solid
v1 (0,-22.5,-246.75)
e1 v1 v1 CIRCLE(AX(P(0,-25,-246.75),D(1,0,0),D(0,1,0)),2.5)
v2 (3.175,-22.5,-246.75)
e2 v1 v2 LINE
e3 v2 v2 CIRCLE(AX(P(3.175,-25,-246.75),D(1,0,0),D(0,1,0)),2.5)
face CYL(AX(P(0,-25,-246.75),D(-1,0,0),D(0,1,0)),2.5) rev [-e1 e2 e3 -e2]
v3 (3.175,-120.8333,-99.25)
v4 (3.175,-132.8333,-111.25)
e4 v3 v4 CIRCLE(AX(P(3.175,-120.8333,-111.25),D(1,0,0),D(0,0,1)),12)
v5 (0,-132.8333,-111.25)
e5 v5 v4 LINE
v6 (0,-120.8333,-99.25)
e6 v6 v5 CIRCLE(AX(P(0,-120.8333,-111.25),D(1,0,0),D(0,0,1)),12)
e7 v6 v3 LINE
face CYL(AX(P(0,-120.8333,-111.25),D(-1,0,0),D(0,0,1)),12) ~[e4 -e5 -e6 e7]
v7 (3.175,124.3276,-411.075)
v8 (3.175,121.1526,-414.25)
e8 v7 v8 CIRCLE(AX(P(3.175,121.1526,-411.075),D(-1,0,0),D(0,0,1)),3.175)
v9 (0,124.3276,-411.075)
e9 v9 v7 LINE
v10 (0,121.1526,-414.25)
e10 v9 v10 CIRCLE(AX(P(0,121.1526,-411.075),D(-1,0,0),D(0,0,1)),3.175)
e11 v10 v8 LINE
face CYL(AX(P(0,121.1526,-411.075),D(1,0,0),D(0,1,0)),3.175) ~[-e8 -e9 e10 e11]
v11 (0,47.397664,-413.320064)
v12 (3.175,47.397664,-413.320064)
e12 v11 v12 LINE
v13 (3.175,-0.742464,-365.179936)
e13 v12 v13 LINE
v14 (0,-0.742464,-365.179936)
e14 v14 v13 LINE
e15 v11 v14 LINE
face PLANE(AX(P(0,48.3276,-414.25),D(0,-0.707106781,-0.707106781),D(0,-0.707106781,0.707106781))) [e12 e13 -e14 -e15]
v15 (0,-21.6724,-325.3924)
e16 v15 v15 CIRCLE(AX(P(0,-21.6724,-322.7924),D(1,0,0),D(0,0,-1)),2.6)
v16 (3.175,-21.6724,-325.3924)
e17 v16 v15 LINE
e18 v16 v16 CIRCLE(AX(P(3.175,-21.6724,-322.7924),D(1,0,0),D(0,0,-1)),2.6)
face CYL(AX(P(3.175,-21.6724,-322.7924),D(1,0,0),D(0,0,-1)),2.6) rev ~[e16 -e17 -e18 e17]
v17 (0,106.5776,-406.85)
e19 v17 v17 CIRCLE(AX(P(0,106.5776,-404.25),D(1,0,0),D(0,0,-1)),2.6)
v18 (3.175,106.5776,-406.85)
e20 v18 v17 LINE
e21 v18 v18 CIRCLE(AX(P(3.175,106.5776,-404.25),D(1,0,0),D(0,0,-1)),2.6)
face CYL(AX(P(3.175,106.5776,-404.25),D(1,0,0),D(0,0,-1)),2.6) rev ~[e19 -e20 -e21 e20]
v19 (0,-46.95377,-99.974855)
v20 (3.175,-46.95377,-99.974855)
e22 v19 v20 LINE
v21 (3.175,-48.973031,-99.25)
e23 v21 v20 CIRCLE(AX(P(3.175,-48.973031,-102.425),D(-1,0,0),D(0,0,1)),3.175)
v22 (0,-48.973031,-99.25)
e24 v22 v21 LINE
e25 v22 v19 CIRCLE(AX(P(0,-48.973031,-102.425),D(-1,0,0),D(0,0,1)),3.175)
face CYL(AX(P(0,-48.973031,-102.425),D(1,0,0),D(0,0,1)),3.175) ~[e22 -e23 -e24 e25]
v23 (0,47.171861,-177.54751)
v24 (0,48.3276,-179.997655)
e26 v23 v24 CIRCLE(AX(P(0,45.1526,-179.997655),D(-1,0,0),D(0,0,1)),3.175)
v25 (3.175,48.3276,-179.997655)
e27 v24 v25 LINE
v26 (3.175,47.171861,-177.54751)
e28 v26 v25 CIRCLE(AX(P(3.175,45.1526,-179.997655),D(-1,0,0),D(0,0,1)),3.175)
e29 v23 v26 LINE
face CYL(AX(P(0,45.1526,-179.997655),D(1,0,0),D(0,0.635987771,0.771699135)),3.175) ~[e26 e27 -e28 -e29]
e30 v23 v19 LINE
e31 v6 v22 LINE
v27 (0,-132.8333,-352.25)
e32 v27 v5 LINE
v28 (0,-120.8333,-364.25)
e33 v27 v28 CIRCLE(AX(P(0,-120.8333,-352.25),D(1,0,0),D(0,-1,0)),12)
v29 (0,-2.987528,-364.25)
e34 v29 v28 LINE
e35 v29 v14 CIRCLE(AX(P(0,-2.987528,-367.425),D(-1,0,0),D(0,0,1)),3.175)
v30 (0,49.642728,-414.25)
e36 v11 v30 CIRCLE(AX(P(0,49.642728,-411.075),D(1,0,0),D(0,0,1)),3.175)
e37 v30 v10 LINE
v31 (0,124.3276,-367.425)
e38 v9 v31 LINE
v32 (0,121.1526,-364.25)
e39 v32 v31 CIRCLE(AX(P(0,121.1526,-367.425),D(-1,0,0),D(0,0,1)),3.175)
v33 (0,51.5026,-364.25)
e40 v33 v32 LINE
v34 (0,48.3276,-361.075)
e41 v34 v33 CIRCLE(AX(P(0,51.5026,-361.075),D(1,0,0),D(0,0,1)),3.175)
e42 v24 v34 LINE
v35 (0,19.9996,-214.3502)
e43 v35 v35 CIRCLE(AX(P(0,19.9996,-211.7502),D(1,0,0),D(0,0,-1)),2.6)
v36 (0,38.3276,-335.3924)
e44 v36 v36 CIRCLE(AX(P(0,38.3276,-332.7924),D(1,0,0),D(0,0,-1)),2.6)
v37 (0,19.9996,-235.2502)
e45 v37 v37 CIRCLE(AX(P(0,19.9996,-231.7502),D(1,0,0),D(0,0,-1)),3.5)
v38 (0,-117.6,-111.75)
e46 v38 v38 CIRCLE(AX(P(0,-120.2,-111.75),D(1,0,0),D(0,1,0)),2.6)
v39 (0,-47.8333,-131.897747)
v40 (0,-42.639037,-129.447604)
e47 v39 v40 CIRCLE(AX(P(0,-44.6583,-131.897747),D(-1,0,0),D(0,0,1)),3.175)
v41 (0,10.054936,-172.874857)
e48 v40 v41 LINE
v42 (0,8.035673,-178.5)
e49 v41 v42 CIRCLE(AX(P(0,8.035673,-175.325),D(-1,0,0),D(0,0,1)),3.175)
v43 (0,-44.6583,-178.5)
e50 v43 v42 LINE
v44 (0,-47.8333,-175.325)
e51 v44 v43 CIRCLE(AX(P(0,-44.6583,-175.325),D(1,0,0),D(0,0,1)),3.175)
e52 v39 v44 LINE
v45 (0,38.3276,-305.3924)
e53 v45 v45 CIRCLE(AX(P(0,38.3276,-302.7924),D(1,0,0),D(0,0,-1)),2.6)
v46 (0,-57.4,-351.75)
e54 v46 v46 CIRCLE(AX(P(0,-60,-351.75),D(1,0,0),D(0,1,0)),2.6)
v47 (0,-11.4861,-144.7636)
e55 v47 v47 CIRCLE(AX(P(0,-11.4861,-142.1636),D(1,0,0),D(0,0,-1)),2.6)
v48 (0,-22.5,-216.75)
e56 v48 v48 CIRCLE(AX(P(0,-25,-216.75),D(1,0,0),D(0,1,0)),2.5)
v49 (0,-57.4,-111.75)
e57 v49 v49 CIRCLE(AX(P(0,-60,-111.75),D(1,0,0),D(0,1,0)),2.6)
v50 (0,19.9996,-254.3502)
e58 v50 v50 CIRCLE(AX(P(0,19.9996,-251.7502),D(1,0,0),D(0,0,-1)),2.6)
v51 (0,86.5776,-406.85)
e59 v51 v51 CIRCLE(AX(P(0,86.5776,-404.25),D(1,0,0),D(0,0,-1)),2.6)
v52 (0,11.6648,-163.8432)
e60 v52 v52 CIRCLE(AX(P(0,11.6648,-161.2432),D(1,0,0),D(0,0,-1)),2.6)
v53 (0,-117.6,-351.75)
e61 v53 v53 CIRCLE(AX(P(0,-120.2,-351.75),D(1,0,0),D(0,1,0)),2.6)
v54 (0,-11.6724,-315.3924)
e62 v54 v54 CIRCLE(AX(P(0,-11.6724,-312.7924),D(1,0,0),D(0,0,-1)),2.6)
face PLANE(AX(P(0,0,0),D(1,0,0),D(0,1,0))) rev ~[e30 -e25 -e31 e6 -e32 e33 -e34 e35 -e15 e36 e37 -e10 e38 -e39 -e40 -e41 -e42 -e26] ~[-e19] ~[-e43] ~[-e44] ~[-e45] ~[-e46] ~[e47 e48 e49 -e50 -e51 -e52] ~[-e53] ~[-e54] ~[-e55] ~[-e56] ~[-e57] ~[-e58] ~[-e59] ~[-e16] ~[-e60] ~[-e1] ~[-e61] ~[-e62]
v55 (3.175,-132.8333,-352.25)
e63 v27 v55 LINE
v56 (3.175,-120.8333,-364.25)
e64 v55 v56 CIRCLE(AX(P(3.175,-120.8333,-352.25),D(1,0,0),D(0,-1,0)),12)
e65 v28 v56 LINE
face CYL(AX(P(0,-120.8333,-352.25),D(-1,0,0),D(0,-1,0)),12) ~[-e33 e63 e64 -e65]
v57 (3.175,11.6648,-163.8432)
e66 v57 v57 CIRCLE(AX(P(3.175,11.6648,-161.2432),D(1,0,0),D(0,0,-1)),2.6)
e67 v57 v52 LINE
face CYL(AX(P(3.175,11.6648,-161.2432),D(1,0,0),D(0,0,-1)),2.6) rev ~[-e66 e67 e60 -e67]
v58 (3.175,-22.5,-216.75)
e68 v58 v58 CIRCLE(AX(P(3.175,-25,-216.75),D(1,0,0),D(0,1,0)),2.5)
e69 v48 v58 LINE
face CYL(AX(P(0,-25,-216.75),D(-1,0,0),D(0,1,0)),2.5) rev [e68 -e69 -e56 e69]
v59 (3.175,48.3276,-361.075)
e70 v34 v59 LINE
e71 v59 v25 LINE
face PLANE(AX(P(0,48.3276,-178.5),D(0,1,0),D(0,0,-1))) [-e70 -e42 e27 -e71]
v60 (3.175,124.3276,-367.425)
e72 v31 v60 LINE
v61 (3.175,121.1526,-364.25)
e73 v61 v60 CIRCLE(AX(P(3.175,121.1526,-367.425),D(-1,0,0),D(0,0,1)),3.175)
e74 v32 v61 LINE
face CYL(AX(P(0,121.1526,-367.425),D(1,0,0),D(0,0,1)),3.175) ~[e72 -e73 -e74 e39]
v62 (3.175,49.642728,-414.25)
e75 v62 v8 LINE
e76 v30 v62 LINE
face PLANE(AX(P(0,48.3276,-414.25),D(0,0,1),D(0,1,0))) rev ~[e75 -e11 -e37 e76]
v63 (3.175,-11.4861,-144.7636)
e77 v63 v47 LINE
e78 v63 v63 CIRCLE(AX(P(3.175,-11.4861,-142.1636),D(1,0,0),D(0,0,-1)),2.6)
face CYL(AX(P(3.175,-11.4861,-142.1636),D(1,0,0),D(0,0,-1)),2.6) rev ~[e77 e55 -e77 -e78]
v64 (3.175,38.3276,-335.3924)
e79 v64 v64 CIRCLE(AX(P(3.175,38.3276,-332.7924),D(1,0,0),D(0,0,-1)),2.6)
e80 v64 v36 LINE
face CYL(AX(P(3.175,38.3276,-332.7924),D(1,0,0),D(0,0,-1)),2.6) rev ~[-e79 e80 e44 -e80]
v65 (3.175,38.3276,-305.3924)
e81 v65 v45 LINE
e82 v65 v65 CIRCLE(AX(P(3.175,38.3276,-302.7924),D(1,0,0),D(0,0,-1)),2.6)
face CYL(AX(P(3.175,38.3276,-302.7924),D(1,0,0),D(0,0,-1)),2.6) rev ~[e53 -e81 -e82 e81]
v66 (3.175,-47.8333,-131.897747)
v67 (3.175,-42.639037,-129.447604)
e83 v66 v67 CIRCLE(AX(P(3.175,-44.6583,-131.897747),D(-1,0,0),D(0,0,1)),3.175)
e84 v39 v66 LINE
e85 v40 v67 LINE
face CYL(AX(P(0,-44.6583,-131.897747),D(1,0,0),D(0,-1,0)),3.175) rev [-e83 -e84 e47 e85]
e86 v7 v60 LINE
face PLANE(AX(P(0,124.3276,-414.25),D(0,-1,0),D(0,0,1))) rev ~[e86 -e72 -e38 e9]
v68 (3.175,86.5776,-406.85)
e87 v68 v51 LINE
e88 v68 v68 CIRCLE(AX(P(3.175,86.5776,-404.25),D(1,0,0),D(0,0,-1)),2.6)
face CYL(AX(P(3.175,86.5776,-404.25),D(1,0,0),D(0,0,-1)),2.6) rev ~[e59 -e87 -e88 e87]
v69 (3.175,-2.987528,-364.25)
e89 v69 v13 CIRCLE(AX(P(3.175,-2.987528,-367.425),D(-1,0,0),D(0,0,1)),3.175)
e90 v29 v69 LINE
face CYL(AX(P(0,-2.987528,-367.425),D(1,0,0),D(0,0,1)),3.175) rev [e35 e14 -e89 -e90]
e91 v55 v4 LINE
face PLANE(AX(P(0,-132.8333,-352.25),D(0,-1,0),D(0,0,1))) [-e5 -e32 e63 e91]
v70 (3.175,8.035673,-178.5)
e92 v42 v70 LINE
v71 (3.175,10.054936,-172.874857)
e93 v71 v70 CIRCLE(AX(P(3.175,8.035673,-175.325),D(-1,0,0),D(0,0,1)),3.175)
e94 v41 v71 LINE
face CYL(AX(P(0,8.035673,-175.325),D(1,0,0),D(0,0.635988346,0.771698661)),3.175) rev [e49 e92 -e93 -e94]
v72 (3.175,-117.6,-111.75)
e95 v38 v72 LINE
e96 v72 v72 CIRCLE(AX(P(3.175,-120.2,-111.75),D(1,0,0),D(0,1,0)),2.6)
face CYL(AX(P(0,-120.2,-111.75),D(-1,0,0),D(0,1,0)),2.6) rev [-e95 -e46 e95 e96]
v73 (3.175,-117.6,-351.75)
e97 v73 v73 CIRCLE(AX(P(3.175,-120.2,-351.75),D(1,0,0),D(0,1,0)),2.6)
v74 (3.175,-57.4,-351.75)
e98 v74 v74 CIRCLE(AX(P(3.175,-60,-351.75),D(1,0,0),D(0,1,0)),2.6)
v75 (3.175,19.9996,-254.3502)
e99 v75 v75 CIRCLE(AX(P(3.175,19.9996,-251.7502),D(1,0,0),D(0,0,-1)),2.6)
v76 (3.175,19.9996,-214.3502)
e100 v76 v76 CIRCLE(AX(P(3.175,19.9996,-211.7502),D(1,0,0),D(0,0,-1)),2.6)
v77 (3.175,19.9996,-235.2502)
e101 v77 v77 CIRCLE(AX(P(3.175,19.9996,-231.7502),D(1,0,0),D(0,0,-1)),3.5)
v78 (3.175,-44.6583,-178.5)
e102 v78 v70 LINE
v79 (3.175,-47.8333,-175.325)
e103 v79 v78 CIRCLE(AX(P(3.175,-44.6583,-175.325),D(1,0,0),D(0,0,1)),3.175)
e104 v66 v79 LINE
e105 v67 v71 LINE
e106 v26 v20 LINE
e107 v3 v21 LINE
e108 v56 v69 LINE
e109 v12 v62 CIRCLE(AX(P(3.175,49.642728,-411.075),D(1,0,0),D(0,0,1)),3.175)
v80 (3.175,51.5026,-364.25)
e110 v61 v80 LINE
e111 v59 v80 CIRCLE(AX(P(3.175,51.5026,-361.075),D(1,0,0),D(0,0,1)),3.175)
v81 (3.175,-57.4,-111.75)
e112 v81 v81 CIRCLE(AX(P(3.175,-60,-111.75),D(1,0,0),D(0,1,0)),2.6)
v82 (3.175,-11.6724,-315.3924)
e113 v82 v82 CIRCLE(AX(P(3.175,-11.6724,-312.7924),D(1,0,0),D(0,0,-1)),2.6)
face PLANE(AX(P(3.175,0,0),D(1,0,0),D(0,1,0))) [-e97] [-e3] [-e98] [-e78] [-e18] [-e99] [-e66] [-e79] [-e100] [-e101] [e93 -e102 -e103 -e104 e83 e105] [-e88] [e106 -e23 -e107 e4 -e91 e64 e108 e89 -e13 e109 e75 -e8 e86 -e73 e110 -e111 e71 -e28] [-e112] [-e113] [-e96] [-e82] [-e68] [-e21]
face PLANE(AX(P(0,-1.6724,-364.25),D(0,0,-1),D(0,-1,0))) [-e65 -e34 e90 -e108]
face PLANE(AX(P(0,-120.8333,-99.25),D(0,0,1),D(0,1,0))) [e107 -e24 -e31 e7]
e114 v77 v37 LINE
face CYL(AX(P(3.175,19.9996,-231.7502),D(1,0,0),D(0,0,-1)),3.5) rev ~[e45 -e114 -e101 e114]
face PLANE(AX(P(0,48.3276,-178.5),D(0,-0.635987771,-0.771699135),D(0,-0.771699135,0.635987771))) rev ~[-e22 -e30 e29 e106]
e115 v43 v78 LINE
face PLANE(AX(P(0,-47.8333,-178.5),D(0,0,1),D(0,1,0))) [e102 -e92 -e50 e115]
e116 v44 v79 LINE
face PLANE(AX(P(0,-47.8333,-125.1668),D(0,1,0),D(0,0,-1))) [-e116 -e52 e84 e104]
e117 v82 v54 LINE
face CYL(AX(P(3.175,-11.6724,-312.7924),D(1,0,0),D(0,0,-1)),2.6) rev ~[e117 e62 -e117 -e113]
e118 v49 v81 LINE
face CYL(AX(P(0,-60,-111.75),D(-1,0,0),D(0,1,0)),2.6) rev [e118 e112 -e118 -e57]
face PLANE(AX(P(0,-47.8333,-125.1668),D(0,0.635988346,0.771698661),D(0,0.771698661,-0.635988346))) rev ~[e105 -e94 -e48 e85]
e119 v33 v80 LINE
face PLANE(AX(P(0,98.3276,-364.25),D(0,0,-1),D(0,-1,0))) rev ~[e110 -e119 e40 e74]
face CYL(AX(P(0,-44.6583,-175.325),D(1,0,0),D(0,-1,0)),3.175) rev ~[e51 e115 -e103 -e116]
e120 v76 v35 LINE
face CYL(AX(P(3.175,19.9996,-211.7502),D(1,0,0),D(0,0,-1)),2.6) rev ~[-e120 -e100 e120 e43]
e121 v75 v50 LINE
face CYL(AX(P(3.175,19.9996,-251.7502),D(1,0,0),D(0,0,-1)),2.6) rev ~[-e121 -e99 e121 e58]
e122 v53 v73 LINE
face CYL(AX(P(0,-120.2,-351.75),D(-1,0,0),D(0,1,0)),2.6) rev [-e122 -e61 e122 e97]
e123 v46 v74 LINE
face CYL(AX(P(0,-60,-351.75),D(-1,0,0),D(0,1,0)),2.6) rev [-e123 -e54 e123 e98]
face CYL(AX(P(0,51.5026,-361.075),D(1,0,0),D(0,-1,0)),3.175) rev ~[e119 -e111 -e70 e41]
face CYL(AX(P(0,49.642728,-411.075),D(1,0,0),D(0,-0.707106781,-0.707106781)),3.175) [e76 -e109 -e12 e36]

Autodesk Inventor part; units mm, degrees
ref_plane "YZ Plane" through (0, 0, 0) normal (1, 0, 0) x (0, 1, 0)
ref_plane "XZ Plane" through (0, 0, 0) normal (0, 1, 0) x (-1, 0, 0)
ref_plane "XY Plane" through (0, 0, 0) normal (0, 0, 1) x (1, 0, 0)
sketch "Sketch1" plane through (0, 0, 0) normal (1, 0, 0) x (0, 1, 0)
  line L0 (-120.8333, -99.25) -> (-47.8333, -99.25)
  line L1 (-120.2, -86.75) -> (-120.2, -99.25) construction
  line L2 (0, -198.5) -> (40, -198.5) construction
  line L3 (40, -198.5) -> (40, -265) construction
  line L4 (40, -265) -> (0, -265) construction
  line L5 (0, -265) -> (0, -198.5) construction
  line L6 (0, -265) -> (40, -265) construction
  line L7 (40, -265) -> (40, -285) construction
  line L8 (40, -285) -> (0, -285)
  line L9 (0, -285) -> (0, -265) construction
  line L10 (0, -198.5) -> (40, -198.5) construction
  line L11 (40, -198.5) -> (40, -178.5) construction
  line L12 (40, -178.5) -> (0, -178.5) construction
  line L13 (0, -178.5) -> (0, -198.5) construction
  line L14 (48.2, -259.95) -> (-8.2, -259.95) construction
  line L15 (-8.2, -259.95) -> (-8.2, -203.55) construction
  line L16 (-8.2, -203.55) -> (48.2, -203.55) construction
  line L17 (48.2, -203.55) -> (48.2, -259.95) construction
  line L18 (48.2, -231.75) -> (-8.2, -231.75) construction
  line L19 (40, -231.75) -> (0, -231.75) construction
  line L20 (43.57, -255.32) -> (-3.57, -255.32) construction
  line L21 (-3.57, -255.32) -> (-3.57, -208.18) construction
  line L22 (-3.57, -208.18) -> (43.57, -208.18) construction
  line L23 (43.57, -208.18) -> (43.57, -255.32) construction
  line L24 (43.57, -255.32) -> (48.2, -255.32) construction
  line L25 (43.57, -255.32) -> (43.57, -259.95) construction
  line L26 (-3.57, -208.18) -> (-8.2, -208.18) construction
  line L27 (-3.57, -208.18) -> (-3.57, -203.55) construction
  line L28 (40, -188.5) -> (0, -188.5) construction
  line L29 (40, -275) -> (0, -275) construction
  circle A0 centre (30, -275) radius 2.1
  circle A1 centre (10, -275) radius 2.1
  circle A2 centre (30, -188.5) radius 2.1
  circle A3 centre (10, -188.5) radius 2.1
  circle A4 centre (43.57, -255.32) radius 2.6
  circle A5 centre (43.57, -208.18) radius 2.6
  circle A6 centre (-3.57, -208.18) radius 2.6
  circle A7 centre (-3.57, -255.32) radius 2.6
  circle A8 centre (20, -231.75) radius 19.15
  circle A9 centre (-25, -216.75) radius 11.08 construction
  circle A10 centre (-25, -216.75) radius 13 construction
  circle A11 centre (-25, -216.75) radius 2.5
  line L30 (-60, -351.75) -> (-60, -111.75) construction
  circle A12 centre (-60, -111.75) radius 2.6
  circle A13 centre (-60, -351.75) radius 2.6
  line L31 (-120.2, -351.75) -> (-120.2, -111.75) construction
  circle A14 centre (-120.2, -111.75) radius 2.6
  circle A15 centre (-120.2, -351.75) radius 2.6
  circle A16 centre (-60, -111.75) radius 12 construction
  circle A17 centre (-120.2, -111.75) radius 12 construction
  circle A18 centre (-120.2, -351.75) radius 12 construction
  circle A19 centre (-60, -351.75) radius 12 construction
  circle A20 centre (-25, -246.75) radius 2.5
  circle A21 centre (-25, -246.75) radius 11.08 construction
  circle A22 centre (-25, -246.75) radius 13 construction
  circle A23 centre (20, -231.75) radius 11.08 construction
  circle A24 centre (20, -231.75) radius 13 construction
  line L32 (-23.1873, -227.6807) -> (18.1873, -220.8193) construction
  line L33 (18.1873, -242.6807) -> (-23.1873, -235.8193) construction
  line L34 (-47.8333, -364.25) -> (-120.8333, -364.25)
  line L35 (-132.8333, -352.25) -> (-132.8333, -111.25)
  line L36 (-60, -351.75) -> (-120.2, -351.75) construction
  line L37 (-120.2, -111.75) -> (-60, -111.75) construction
  line L38 (-60, -351.75) -> (-60, -364.25) construction
  line L39 (-120.2, -111.75) -> (-120.2, -99.25) construction
  line L40 (48.3276, -178.5) -> (48.3276, -285)
  line L41 (17.6122, -285) -> (40, -285) construction
  arc A25 (-132.8333, -352.25) -> (-120.8333, -364.25) centre (-120.8333, -352.25) ccw
  arc A26 (-120.8333, -99.25) -> (-132.8333, -111.25) centre (-120.8333, -111.25) ccw
  line L42 (48.3276, -178.5) -> (-47.8333, -99.25)
  line L43 (-47.8333, -364.25) -> (-47.8333, -99.25) construction
  line L44 (-120.2, -111.75) -> (-132.8333, -111.75) construction
  line L45 (-60, -351.75) -> (-47.8333, -351.75) construction
  line L46 (-36.08, -246.75) -> (-36.08, -485.113) construction
  line L47 (-47.8333, -344.25) -> (-47.8333, -285)
  line L48 (-47.8333, -285) -> (16.8804, -285)
  line L49 (-47.8333, -125.1668) -> (16.8804, -178.5)
  line L50 (-47.8333, -178.5) -> (16.8804, -178.5)
  line L51 (-47.8333, -125.1668) -> (-47.8333, -178.5)
  line L52 (48.3276, -285) -> (48.3276, -364.25)
  line L53 (48.3276, -364.25) -> (-47.8333, -364.25)
  line L54 (-47.8333, -344.25) -> (28.3276, -344.25)
  line L55 (28.3276, -344.25) -> (28.3276, -285)
  line L56 (-47.8333, -344.25) -> (28.3276, -285) construction
  line L57 (-39.6904, -344.25) -> (28.3276, -291.3349)
  line L58 (-47.8333, -337.9151) -> (20.1847, -285)
  line L59 (48.3276, -414.25) -> (124.3276, -414.25)
  line L60 (124.3276, -414.25) -> (124.3276, -364.25)
  line L61 (124.3276, -364.25) -> (48.3276, -364.25)
  line L62 (48.3276, -364.25) -> (48.3276, -414.25)
  line L63 (48.3276, -414.25) -> (-1.6724, -364.25)
  line L64 (98.3276, -364.25) -> (48.3276, -314.25)
  point P0 (-132.8333, -99.25)
  point P1 (28.3276, 86.5)
  point P2 (0, 86.5)
  point P3 (20.1847, 86.5)
  point P4 (20.1847, 86.5)
  point P5 (0, 86.5)
  point P6 (-132.8333, -364.25)
  point P7 (-47.8333, -338.3332)
  point P8 (0, -285)
  point P9 (48.3276, -364.25)
  dimension "d222" = 85
  dimension "d242" = 76
  dimension "d243" = 50
  dimension "d244" = 45
  dimension "d245" = 50
  dimension "d246" = 45
extrude "Extrusion1" add sketch "Sketch1" along normal blind 3.175 contours L0 L42 L40 L52 L53 L34 A25 L35 A26 | L62 L63 L53 | L61 L60 L59 L62 | L55 L57 L54 L47 L58 L8 | L58 L47 L48 L8 | L55 L54 L57 | A0 | A1 | A2 | A3 | A4 | A5 | A6 | A7 | A8
sketch "Sketch6" plane through (3.175, 0, 0) normal (1, 0, 0) x (0, 0, -1)
  line L0 (125.1668, -47.8333) -> (178.5, 16.8804) projected
  line L1 (291.3349, 28.3276) -> (344.25, 28.3276) projected
  line L2 (159.4204, -6.2705) -> (143.9864, 6.4492) construction
  line L3 (178.5, 48.3276) -> (99.25, -47.8333) construction
  line L4 (291.3349, 28.3276) -> (344.25, 28.3276) construction
  line L5 (317.7924, 28.3276) -> (317.7924, 48.3276) construction
  line L6 (364.25, 48.3276) -> (178.5, 48.3276) construction
  line L7 (151.7034, 0.0893) -> (161.2432, 11.6648) construction
  line L8 (151.7034, 0.0893) -> (142.1636, -11.4861) construction
  line L9 (317.7924, 38.3276) -> (302.7924, 38.3276) construction
  line L10 (317.7924, 38.3276) -> (332.7924, 38.3276) construction
  circle A0 centre (332.7924, 38.3276) radius 2.6
  circle A1 centre (302.7924, 38.3276) radius 2.6
  circle A2 centre (161.2432, 11.6648) radius 2.6
  circle A3 centre (142.1636, -11.4861) radius 2.6
  point P0 (414.25, 48.3276)
  point P1 (314.25, 48.3276)
  dimension "d233" = 15
  dimension "d234" = 15
  dimension "d235" = 15
  dimension "d236" = 15
  dimension "d237" = 5.2
  dimension "d238" = 5.2
  dimension "d239" = 5.2
  dimension "d240" = 5.2
  dimension "d241" = 30
extrude "Extrusion6" cut sketch "Sketch6" against normal through all
fillet "Fillet2" radius 3.175 5 edges at (1.5875, -47.8333, -125.1668) (1.5875, -47.8333, -178.5) (1.5875, 16.8804, -178.5) (1.5875, -47.8333, -99.25) (1.5875, 48.3276, -178.5)
fillet "Fillet3" radius 3.175 5 edges at (1.5875, 48.3276, -364.25) (1.5875, -1.6724, -364.25) (1.5875, 48.3276, -414.25) (1.5875, 124.3276, -414.25) (1.5875, 124.3276, -364.25)
sketch "Sketch7" plane through (3.175, 0, 0) normal (1, 0, 0) x (0, 0, -1)
  line L0 (414.25, 49.6427) -> (414.25, 121.1526) construction
  line L1 (414.25, 121.5776) -> (394.25, 121.5776) construction
  line L2 (394.25, 121.5776) -> (394.25, 71.5776) construction
  line L3 (394.25, 71.5776) -> (414.25, 71.5776) construction
  line L4 (414.25, 71.5776) -> (414.25, 121.5776) construction
  line L5 (404.25, 121.5776) -> (404.25, 71.5776) construction
  circle A0 centre (404.25, 106.5776) radius 2.6
  circle A1 centre (404.25, 86.5776) radius 2.6
  line L6 (411.075, 124.3276) -> (367.425, 124.3276) projected
  point P0 (0, 0)
  dimension "d248" = 20
  dimension "d249" = 50
  dimension "d250" = 5.2
  dimension "d251" = 5.2
  dimension "d252" = 15
  dimension "d253" = 15
  dimension "d256" = 2.75
extrude "Extrusion7" cut sketch "Sketch7" against normal up to next
sketch "Sketch8" plane through (3.175, 0, 0) normal (1, 0, 0) x (0, 0, -1)
  line L0 (302.7924, 28.3276) -> (332.7924, 28.3276) construction
  line L1 (332.7924, 28.3276) -> (332.7924, -26.6724) construction
  line L2 (332.7924, -26.6724) -> (302.7924, -26.6724) construction
  line L3 (302.7924, -26.6724) -> (302.7924, 28.3276) construction
  circle A0 centre (332.7924, 38.3276) radius 2.6 projected
  circle A1 centre (302.7924, 38.3276) radius 2.6 projected
  line L4 (332.7924, 38.3276) -> (302.7924, 38.3276) construction
  line L5 (317.7924, 38.3276) -> (317.7924, 28.3276) construction
  line L6 (328.7924, -26.6724) -> (306.7924, -26.6724) construction
  line L7 (306.7924, -26.6724) -> (306.7924, -6.6724) construction
  line L8 (306.7924, -6.6724) -> (328.7924, -6.6724) construction
  line L9 (328.7924, -6.6724) -> (328.7924, -26.6724) construction
  line L10 (312.7924, -11.6724) -> (322.7924, -11.6724) construction
  line L11 (322.7924, -11.6724) -> (322.7924, -21.6724) construction
  line L12 (322.7924, -21.6724) -> (312.7924, -21.6724) construction
  line L13 (312.7924, -21.6724) -> (312.7924, -11.6724) construction
  circle A2 centre (312.7924, -11.6724) radius 2.6
  circle A3 centre (322.7924, -21.6724) radius 2.6
  point P0 (0, 0)
  dimension "d257" = 30
  dimension "d258" = 55
  dimension "d259" = 10
  dimension "d260" = 22
  dimension "d261" = 20
  dimension "d262" = 4
  dimension "d263" = 10
  dimension "d264" = 10
  dimension "d265" = 5
  dimension "d266" = 6
  dimension "d267" = 5.2
  dimension "d268" = 5.2
extrude "Extrusion8" cut sketch "Sketch8" against normal up to next contours A2 | A3
sketch "Sketch9" plane through (3.175, 0, 0) normal (1, 0, 0) x (0, 0, -1)
  line L0 (45.8374, 19.9996) -> (577.1226, 19.9996) construction
  line L1 (361.075, 48.3276) -> (179.9977, 48.3276) construction
  line L2 (231.7502, 111.484) -> (231.7502, -169.9488) construction
  circle A0 centre (161.2432, 11.6648) radius 2.6 projected
  circle A1 centre (231.7502, 19.9996) radius 3.5
  circle A2 centre (251.7502, 19.9996) radius 2.6
  circle A3 centre (211.7502, 19.9996) radius 2.6
  point P0 (0, 0)
  dimension "d271" = 28.328
  dimension "d272" = 70.507
  dimension "d273" = 7
  dimension "d274" = 5.2
  dimension "d275" = 20
  dimension "d276" = 5.2
  dimension "d277" = 20
extrude "Extrusion9" cut sketch "Sketch9" against normal up to next contours A1 | A2 | A3
properties part number "X Axis V Wheel RIGHT Outside Frame Machined"
